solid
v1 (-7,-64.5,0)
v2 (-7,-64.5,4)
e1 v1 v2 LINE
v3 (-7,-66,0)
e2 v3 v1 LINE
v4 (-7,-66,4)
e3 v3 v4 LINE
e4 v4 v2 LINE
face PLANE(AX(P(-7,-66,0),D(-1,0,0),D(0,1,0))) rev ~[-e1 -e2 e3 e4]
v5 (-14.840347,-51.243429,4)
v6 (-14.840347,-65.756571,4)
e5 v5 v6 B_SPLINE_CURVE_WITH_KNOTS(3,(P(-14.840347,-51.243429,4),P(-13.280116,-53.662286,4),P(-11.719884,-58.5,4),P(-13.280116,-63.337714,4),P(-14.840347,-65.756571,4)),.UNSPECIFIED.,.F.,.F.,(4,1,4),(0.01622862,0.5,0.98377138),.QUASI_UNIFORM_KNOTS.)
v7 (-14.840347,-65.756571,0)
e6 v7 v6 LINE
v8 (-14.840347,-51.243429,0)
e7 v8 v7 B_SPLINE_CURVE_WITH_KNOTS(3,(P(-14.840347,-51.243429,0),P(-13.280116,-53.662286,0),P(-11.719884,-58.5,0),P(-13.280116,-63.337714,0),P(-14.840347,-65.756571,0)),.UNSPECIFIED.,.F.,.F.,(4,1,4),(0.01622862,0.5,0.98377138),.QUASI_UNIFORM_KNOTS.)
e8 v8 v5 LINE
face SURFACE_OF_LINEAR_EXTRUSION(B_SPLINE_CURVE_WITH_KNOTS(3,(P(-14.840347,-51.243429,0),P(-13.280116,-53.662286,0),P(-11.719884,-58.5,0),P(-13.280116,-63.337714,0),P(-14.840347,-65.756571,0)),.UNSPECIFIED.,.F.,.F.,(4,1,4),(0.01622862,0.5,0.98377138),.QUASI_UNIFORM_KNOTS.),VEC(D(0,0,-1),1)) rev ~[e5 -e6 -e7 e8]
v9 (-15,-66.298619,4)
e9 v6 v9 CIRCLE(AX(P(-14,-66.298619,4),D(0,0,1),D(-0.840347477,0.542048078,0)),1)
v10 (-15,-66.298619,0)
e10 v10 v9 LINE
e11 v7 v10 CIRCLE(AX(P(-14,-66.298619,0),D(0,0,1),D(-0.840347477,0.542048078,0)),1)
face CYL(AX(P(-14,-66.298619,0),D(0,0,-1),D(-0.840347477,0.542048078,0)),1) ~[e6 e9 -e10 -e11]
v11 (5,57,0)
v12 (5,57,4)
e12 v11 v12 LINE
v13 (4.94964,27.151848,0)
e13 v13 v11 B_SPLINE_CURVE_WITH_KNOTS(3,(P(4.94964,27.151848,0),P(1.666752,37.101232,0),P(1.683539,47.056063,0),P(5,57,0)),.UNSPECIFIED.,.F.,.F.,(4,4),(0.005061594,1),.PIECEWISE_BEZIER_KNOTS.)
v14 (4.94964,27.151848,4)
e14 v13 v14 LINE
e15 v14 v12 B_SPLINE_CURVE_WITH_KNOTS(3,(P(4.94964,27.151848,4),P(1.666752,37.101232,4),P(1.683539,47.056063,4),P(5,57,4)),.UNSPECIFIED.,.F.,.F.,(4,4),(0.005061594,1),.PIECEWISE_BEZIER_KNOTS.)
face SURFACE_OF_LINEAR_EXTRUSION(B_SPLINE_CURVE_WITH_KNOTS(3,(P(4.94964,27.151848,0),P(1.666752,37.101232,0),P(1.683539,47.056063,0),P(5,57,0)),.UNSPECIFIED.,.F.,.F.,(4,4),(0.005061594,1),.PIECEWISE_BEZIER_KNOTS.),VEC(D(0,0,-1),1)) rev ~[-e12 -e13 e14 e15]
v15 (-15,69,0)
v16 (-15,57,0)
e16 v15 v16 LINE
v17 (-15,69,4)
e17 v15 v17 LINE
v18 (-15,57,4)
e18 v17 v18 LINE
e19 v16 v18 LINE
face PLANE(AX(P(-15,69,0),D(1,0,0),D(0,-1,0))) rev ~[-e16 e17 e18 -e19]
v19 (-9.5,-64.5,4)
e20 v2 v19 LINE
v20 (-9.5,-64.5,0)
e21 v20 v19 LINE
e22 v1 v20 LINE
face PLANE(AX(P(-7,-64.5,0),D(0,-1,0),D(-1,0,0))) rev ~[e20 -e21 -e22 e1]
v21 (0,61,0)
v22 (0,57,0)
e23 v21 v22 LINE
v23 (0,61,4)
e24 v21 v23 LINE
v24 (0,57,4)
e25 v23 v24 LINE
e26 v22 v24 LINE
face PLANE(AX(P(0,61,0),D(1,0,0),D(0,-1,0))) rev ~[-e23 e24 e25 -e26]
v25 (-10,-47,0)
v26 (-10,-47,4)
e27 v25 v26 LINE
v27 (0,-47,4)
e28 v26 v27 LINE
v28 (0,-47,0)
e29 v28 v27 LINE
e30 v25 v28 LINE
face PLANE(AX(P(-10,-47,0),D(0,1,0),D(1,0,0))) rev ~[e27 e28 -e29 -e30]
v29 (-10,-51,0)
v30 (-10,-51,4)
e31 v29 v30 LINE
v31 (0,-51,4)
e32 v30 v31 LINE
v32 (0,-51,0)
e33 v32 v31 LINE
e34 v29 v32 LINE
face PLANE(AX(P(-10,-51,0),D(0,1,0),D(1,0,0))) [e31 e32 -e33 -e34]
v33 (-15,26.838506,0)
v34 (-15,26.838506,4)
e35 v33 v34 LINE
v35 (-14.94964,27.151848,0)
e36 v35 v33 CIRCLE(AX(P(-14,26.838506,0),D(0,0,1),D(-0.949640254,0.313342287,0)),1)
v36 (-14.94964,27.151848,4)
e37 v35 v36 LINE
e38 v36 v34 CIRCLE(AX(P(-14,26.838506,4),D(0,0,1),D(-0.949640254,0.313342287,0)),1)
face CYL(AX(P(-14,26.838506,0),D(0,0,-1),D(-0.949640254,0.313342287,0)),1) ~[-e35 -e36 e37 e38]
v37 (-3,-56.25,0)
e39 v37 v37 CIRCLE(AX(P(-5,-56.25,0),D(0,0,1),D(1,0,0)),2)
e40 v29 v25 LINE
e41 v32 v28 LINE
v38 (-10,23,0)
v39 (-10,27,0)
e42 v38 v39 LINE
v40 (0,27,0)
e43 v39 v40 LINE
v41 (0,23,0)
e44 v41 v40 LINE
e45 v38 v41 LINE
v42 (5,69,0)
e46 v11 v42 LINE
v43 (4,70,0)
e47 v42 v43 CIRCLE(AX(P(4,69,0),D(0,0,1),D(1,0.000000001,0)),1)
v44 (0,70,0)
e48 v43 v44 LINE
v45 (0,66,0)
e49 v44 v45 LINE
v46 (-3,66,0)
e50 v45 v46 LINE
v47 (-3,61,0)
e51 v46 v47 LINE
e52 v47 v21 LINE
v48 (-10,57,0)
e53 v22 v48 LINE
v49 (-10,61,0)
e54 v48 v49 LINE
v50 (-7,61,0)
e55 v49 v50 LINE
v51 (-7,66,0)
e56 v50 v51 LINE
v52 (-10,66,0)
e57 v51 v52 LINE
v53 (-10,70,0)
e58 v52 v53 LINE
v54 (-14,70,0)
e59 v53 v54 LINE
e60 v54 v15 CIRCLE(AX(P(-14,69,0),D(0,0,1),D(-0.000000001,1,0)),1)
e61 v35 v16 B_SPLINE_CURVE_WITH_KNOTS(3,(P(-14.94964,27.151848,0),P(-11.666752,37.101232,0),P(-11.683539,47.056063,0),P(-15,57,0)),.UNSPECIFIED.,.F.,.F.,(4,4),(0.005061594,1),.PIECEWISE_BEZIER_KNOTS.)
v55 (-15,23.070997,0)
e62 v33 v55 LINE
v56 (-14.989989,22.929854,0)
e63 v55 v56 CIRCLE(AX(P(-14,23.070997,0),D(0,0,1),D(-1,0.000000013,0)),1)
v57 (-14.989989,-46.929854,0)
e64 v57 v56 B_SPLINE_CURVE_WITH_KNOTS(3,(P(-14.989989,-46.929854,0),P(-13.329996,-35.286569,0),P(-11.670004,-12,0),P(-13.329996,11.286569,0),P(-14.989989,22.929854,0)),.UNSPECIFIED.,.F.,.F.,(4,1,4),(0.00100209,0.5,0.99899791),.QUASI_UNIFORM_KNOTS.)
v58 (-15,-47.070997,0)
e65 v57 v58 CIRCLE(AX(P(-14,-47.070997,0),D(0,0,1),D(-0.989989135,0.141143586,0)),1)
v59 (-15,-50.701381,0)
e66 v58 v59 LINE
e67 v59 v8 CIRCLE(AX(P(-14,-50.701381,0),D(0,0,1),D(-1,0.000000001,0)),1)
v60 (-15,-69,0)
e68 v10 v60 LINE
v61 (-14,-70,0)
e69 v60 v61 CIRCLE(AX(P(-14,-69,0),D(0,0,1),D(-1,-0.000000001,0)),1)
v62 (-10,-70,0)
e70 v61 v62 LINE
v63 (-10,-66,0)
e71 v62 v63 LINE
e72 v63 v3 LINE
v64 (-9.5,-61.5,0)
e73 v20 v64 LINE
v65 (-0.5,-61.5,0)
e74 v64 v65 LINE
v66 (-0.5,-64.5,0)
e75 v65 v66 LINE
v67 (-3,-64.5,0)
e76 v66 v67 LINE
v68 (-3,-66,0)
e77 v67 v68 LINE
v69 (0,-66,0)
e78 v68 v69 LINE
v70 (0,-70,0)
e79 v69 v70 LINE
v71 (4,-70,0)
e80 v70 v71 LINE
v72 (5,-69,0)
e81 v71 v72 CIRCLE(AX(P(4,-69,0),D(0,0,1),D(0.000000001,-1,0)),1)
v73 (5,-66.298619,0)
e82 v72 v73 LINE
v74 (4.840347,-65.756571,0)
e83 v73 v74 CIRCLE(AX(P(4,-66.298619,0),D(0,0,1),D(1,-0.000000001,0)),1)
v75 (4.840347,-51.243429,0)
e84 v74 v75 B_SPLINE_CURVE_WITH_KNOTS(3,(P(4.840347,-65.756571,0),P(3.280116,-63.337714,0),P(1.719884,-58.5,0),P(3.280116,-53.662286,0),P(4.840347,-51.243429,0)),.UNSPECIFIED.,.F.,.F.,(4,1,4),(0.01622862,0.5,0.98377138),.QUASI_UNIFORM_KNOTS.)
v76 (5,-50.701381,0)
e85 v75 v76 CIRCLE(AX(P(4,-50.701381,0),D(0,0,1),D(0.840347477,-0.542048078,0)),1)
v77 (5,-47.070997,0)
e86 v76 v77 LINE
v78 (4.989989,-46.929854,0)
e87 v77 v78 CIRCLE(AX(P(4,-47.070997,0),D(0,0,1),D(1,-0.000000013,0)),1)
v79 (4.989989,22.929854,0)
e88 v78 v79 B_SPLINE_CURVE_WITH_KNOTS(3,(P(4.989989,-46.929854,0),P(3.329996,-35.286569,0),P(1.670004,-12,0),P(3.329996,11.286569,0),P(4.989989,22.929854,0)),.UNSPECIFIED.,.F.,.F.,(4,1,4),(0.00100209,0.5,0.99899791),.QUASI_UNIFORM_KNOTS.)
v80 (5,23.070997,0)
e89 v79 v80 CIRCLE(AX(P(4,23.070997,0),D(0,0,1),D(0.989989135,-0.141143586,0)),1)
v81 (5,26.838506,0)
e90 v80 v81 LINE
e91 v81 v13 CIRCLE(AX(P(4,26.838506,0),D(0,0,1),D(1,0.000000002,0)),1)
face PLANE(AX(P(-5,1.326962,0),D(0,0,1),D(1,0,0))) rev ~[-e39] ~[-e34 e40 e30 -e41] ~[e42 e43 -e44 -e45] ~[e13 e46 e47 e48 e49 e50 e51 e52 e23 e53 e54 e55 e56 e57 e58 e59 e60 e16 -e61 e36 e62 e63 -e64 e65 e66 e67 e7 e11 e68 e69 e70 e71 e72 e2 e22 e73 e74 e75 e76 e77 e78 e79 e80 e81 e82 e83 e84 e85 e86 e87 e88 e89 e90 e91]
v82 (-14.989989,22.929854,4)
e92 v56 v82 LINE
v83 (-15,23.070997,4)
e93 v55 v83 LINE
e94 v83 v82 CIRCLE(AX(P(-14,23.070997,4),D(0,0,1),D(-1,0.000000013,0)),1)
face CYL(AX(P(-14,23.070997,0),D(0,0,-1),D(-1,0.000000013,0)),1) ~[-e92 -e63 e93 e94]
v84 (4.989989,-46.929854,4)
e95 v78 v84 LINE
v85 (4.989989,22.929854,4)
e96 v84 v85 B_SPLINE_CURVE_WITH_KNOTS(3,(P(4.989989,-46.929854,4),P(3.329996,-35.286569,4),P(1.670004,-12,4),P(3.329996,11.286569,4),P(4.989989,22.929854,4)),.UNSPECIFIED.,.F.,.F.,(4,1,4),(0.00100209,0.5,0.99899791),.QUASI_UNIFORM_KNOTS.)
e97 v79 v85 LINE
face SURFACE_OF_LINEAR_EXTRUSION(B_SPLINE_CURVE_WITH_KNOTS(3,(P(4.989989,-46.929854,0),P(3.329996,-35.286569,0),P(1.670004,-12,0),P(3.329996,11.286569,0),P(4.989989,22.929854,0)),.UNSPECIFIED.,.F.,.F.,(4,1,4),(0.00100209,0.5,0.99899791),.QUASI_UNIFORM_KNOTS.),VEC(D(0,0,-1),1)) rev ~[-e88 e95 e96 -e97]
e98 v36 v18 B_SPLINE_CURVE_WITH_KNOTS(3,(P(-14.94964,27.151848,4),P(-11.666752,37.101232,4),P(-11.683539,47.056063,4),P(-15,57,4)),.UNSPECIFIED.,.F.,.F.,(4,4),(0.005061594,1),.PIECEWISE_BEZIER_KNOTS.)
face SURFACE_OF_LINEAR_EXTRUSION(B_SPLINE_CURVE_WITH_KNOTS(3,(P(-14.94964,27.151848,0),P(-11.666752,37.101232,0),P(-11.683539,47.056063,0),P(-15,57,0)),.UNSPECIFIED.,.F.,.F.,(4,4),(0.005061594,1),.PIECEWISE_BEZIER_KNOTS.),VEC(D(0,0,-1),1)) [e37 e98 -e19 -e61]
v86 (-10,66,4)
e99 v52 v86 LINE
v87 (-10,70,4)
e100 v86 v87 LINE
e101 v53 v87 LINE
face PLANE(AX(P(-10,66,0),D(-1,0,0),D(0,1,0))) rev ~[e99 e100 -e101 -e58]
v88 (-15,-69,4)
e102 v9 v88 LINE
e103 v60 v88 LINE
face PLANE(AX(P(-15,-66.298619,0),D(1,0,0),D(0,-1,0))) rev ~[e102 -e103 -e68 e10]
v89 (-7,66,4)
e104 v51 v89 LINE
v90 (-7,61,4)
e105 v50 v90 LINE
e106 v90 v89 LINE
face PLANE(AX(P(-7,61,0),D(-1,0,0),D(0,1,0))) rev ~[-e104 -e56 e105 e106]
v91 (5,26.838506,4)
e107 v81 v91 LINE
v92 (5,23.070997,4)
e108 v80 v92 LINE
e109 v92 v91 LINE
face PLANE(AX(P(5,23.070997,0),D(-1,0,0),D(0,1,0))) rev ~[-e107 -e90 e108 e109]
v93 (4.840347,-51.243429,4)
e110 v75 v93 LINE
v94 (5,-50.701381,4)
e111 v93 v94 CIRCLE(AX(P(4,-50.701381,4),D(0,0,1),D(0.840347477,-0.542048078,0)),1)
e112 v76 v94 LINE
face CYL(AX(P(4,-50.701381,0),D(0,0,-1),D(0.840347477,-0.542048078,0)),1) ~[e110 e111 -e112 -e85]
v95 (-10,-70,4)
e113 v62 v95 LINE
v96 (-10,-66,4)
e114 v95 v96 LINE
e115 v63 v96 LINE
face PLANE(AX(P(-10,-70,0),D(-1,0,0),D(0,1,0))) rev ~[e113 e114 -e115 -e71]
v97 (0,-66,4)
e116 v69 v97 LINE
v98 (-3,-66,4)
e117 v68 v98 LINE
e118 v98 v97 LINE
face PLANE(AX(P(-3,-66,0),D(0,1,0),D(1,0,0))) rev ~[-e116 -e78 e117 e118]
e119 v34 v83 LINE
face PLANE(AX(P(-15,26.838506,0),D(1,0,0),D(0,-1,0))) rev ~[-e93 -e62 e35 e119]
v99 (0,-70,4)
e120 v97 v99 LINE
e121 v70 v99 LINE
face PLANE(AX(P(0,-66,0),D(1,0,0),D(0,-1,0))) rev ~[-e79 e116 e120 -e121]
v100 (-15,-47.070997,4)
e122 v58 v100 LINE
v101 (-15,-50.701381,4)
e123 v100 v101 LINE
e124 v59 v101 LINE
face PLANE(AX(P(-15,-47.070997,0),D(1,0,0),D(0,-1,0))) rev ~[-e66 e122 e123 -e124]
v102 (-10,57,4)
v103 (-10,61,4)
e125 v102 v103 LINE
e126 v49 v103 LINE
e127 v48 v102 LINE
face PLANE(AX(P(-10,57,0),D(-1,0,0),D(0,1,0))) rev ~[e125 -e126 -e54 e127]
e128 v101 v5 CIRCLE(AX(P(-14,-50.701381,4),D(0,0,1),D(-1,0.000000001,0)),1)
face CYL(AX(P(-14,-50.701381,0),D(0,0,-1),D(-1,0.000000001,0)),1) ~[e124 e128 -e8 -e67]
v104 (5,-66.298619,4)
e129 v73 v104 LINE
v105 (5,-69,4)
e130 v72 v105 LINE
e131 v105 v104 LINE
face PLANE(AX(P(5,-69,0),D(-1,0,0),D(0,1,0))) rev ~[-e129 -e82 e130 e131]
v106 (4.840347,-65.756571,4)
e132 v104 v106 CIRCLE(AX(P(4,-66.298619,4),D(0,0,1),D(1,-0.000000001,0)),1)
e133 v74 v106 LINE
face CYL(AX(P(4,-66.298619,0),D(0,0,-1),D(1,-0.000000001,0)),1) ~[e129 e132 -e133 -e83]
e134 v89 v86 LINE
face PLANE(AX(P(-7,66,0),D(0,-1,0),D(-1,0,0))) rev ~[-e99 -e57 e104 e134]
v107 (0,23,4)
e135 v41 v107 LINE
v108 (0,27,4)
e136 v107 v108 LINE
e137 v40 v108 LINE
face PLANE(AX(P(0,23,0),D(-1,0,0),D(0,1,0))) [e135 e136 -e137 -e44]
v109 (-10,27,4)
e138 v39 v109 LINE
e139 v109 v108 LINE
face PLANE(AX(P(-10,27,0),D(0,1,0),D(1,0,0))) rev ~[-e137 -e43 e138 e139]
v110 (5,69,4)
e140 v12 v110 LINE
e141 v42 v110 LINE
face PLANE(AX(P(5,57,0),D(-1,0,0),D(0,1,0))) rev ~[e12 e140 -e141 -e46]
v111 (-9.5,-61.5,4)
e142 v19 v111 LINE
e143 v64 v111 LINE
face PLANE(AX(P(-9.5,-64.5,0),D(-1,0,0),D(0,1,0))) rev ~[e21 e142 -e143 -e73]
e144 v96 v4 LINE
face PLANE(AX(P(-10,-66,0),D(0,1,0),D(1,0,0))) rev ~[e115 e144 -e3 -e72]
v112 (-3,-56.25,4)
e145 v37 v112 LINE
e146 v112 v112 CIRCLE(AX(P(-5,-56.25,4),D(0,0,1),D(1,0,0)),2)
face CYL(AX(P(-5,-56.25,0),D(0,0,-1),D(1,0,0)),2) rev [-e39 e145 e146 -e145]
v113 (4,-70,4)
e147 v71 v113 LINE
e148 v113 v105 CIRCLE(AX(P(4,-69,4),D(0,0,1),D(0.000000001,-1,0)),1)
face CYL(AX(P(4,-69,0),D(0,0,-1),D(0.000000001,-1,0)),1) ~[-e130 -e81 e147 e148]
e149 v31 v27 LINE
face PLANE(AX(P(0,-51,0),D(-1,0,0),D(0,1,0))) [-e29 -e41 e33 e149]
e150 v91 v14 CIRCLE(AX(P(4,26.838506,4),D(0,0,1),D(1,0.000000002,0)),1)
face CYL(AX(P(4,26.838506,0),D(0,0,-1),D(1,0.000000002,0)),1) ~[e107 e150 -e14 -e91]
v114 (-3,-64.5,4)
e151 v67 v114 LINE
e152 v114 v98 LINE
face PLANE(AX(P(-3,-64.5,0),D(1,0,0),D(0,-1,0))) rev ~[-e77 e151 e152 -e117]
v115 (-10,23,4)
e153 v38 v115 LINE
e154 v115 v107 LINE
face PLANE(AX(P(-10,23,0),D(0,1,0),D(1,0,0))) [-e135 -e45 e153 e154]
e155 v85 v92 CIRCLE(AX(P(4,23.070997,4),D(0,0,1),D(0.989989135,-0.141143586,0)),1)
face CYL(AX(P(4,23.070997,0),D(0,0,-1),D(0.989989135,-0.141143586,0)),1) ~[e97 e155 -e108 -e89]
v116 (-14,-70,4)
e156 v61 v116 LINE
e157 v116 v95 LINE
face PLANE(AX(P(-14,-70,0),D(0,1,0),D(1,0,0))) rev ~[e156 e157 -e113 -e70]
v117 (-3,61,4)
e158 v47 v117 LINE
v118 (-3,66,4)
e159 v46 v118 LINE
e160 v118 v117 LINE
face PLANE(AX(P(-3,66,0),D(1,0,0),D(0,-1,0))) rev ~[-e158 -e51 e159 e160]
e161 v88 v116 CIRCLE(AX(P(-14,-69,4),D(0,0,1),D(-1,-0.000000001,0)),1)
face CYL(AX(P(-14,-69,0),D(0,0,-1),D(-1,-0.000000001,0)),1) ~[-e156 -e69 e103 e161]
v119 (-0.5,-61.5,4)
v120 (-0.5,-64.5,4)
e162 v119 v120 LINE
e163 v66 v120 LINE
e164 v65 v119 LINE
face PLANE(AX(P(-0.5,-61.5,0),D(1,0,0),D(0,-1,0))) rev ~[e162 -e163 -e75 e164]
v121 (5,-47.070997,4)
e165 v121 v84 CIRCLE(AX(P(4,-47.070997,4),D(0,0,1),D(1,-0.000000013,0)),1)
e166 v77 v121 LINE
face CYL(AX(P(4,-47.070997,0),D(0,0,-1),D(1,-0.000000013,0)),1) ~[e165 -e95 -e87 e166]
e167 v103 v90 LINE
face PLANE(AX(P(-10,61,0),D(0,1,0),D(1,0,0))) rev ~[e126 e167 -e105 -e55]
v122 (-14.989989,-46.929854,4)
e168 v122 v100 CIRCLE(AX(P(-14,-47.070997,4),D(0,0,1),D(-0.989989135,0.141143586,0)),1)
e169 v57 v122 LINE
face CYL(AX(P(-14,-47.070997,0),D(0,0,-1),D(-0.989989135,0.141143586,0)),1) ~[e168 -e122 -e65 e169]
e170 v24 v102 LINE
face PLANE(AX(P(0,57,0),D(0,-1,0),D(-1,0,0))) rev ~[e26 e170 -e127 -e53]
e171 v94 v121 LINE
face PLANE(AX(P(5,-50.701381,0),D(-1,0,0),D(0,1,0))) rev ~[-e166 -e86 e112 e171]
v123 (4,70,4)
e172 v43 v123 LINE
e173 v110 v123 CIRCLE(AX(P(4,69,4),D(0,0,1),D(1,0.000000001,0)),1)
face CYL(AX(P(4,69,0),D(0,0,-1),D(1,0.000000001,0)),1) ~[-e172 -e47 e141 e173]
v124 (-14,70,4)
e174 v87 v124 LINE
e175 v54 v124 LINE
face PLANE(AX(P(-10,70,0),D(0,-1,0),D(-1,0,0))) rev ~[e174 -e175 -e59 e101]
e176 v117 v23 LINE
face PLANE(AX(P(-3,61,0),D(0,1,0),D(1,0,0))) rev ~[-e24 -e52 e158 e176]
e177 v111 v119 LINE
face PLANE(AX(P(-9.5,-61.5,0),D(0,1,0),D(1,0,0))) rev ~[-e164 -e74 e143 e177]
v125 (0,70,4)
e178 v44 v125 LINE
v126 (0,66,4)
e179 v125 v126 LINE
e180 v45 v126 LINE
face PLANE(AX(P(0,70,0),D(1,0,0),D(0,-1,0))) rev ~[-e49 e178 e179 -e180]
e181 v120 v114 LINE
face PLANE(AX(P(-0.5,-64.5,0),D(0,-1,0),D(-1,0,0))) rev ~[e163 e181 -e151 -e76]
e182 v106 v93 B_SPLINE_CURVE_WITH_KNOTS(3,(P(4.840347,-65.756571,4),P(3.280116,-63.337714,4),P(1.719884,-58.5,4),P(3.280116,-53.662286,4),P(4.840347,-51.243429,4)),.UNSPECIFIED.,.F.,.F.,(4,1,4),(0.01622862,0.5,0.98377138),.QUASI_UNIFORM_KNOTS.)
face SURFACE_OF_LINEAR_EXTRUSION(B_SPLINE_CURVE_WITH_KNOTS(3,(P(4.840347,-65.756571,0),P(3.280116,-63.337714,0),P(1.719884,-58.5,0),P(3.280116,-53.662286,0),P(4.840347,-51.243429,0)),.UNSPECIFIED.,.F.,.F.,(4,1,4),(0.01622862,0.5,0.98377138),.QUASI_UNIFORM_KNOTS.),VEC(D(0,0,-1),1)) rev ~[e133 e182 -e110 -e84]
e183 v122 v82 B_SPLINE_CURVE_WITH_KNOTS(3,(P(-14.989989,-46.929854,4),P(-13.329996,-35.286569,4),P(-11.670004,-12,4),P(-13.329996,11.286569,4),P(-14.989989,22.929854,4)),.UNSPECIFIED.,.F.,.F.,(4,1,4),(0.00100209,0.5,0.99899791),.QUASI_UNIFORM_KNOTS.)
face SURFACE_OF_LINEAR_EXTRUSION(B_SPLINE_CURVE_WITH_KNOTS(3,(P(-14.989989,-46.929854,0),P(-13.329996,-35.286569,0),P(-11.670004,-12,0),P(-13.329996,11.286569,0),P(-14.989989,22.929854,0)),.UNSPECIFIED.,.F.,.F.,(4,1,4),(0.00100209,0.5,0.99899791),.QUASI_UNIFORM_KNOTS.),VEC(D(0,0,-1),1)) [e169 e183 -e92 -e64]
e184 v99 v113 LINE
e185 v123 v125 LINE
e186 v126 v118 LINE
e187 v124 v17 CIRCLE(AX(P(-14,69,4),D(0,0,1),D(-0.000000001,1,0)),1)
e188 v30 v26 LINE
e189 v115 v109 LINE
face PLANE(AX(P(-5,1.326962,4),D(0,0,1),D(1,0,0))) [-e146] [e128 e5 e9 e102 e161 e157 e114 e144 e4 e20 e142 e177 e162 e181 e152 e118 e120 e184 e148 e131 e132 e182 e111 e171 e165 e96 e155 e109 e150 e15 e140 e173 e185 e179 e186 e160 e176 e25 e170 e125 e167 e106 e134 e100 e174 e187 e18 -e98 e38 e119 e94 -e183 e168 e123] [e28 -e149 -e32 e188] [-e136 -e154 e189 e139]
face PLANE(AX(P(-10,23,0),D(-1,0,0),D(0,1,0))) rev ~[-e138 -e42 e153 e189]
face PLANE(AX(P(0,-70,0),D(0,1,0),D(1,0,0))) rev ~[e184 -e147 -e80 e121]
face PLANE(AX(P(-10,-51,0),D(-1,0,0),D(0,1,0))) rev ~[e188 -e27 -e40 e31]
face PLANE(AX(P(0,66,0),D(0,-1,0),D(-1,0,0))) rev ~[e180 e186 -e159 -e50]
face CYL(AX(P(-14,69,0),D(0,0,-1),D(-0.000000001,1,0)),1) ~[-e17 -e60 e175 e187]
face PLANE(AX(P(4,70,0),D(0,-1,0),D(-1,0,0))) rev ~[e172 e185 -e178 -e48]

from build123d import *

# Parameters (mm, degrees)
CROQUIS1_W              = 10
CROQUIS1_H              = 4
CROQUIS1_R              = 2
SALIENTE_EXTRUIR1_DEPTH = 4


with BuildPart() as part:
    # Croquis1 → Saliente-Extruir1 (new body)
    with BuildSketch(Plane.XY):
        with BuildLine():
            Line((-14, -70), (-10, -70))
            Line((-10, -70), (-10, -66))
            Line((-10, -66), (-7, -66))
            Line((-7, -66), (-7, -64.5))
            Line((-7, -64.5), (-9.5, -64.5))
            Line((-9.5, -64.5), (-9.5, -61.5))
            Line((-9.5, -61.5), (-0.5, -61.5))
            Line((-0.5, -61.5), (-0.5, -64.5))
            Line((-0.5, -64.5), (-3, -64.5))
            Line((-3, -64.5), (-3, -66))
            Line((-3, -66), (0, -66))
            Line((0, -66), (0, -70))
            Line((0, -70), (4, -70))
            ThreePointArc((4, -70), (4.707106781, -69.707106781), (5, -69))
            Line((5, -69), (5, -66.298618771))
            ThreePointArc((5, -66.298618771), (4.959256868, -66.016083354), (4.840347477, -65.756570693))
            add(Edge.make_bspline(
                [(4.840347477, -65.756570693), (3.280115826, -63.337713796), (1.719884174, -58.5), (3.280115826, -53.662286204), (4.840347477, -51.243429307)],
                knots=[0.01622862, 0.01622862, 0.01622862, 0.01622862, 0.5, 0.98377138, 0.98377138, 0.98377138, 0.98377138], degree=3))
            ThreePointArc((4.840347477, -51.243429307), (4.959256868, -50.983916646), (5, -50.701381229))
            Line((5, -50.701381229), (5, -47.070997241))
            ThreePointArc((5, -47.070997241), (4.997494145, -47.000248166), (4.989989137, -46.929853666))
            add(Edge.make_bspline(
                [(4.989989137, -46.929853666), (3.329996379, -35.286569111), (1.670003621, -12), (3.329996379, 11.286569111), (4.989989137, 22.929853666)],
                knots=[0.00100209, 0.00100209, 0.00100209, 0.00100209, 0.5, 0.99899791, 0.99899791, 0.99899791, 0.99899791], degree=3))
            ThreePointArc((4.989989137, 22.929853666), (4.997494145, 23.000248166), (5, 23.070997241))
            Line((5, 23.070997241), (5, 26.838505544))
            ThreePointArc((5, 26.838505544), (4.987329796, 26.997187218), (4.949640253, 27.151847833))
            add(Edge.make_bspline(
                [(4.949640253, 27.151847833), (1.666752066, 37.101231889), (1.683538525, 47.056062614), (5, 57)],
                knots=[0.005061594, 0.005061594, 0.005061594, 0.005061594, 1, 1, 1, 1], degree=3))
            Line((5, 57), (5, 69))
            ThreePointArc((5, 69), (4.707106781, 69.707106781), (4, 70))
            Line((4, 70), (0, 70))
            Line((0, 70), (0, 66))
            Line((0, 66), (-3, 66))
            Line((-3, 66), (-3, 61))
            Line((-3, 61), (0, 61))
            Line((0, 61), (0, 57))
            Line((0, 57), (-10, 57))
            Line((-10, 57), (-10, 61))
            Line((-10, 61), (-7, 61))
            Line((-7, 61), (-7, 66))
            Line((-7, 66), (-10, 66))
            Line((-10, 66), (-10, 70))
            Line((-10, 70), (-14, 70))
            ThreePointArc((-14, 70), (-14.707106781, 69.707106781), (-15, 69))
            Line((-15, 69), (-15, 57))
            add(Edge.make_bspline(
                [(-14.949640253, 27.151847833), (-11.666752066, 37.101231889), (-11.683538525, 47.056062614), (-15, 57)],
                knots=[0.005061594, 0.005061594, 0.005061594, 0.005061594, 1, 1, 1, 1], degree=3))
            ThreePointArc((-14.949640253, 27.151847833), (-14.987329796, 26.997187218), (-15, 26.838505544))
            Line((-15, 26.838505544), (-15, 23.070997241))
            ThreePointArc((-15, 23.070997241), (-14.997494145, 23.000248166), (-14.989989137, 22.929853666))
            add(Edge.make_bspline(
                [(-14.989989137, -46.929853666), (-13.329996379, -35.286569111), (-11.670003621, -12), (-13.329996379, 11.286569111), (-14.989989137, 22.929853666)],
                knots=[0.00100209, 0.00100209, 0.00100209, 0.00100209, 0.5, 0.99899791, 0.99899791, 0.99899791, 0.99899791], degree=3))
            ThreePointArc((-14.989989137, -46.929853666), (-14.997494145, -47.000248166), (-15, -47.070997241))
            Line((-15, -47.070997241), (-15, -50.701381229))
            ThreePointArc((-15, -50.701381229), (-14.959256868, -50.983916646), (-14.840347477, -51.243429307))
            add(Edge.make_bspline(
                [(-14.840347477, -51.243429307), (-13.280115826, -53.662286204), (-11.719884174, -58.5), (-13.280115826, -63.337713796), (-14.840347477, -65.756570693)],
                knots=[0.01622862, 0.01622862, 0.01622862, 0.01622862, 0.5, 0.98377138, 0.98377138, 0.98377138, 0.98377138], degree=3))
            ThreePointArc((-14.840347477, -65.756570693), (-14.959256868, -66.016083354), (-15, -66.298618771))
            Line((-15, -66.298618771), (-15, -69))
            ThreePointArc((-15, -69), (-14.707106781, -69.707106781), (-14, -70))
        make_face()
        with Locations((-5, 25)):
            Rectangle(CROQUIS1_W, CROQUIS1_H, mode=Mode.SUBTRACT)
        with Locations((-5, -49)):
            Rectangle(CROQUIS1_W, CROQUIS1_H, mode=Mode.SUBTRACT)
        with Locations((-5, -56.25)):
            Circle(CROQUIS1_R, mode=Mode.SUBTRACT)
    extrude(amount=SALIENTE_EXTRUIR1_DEPTH)


solid = part.part
